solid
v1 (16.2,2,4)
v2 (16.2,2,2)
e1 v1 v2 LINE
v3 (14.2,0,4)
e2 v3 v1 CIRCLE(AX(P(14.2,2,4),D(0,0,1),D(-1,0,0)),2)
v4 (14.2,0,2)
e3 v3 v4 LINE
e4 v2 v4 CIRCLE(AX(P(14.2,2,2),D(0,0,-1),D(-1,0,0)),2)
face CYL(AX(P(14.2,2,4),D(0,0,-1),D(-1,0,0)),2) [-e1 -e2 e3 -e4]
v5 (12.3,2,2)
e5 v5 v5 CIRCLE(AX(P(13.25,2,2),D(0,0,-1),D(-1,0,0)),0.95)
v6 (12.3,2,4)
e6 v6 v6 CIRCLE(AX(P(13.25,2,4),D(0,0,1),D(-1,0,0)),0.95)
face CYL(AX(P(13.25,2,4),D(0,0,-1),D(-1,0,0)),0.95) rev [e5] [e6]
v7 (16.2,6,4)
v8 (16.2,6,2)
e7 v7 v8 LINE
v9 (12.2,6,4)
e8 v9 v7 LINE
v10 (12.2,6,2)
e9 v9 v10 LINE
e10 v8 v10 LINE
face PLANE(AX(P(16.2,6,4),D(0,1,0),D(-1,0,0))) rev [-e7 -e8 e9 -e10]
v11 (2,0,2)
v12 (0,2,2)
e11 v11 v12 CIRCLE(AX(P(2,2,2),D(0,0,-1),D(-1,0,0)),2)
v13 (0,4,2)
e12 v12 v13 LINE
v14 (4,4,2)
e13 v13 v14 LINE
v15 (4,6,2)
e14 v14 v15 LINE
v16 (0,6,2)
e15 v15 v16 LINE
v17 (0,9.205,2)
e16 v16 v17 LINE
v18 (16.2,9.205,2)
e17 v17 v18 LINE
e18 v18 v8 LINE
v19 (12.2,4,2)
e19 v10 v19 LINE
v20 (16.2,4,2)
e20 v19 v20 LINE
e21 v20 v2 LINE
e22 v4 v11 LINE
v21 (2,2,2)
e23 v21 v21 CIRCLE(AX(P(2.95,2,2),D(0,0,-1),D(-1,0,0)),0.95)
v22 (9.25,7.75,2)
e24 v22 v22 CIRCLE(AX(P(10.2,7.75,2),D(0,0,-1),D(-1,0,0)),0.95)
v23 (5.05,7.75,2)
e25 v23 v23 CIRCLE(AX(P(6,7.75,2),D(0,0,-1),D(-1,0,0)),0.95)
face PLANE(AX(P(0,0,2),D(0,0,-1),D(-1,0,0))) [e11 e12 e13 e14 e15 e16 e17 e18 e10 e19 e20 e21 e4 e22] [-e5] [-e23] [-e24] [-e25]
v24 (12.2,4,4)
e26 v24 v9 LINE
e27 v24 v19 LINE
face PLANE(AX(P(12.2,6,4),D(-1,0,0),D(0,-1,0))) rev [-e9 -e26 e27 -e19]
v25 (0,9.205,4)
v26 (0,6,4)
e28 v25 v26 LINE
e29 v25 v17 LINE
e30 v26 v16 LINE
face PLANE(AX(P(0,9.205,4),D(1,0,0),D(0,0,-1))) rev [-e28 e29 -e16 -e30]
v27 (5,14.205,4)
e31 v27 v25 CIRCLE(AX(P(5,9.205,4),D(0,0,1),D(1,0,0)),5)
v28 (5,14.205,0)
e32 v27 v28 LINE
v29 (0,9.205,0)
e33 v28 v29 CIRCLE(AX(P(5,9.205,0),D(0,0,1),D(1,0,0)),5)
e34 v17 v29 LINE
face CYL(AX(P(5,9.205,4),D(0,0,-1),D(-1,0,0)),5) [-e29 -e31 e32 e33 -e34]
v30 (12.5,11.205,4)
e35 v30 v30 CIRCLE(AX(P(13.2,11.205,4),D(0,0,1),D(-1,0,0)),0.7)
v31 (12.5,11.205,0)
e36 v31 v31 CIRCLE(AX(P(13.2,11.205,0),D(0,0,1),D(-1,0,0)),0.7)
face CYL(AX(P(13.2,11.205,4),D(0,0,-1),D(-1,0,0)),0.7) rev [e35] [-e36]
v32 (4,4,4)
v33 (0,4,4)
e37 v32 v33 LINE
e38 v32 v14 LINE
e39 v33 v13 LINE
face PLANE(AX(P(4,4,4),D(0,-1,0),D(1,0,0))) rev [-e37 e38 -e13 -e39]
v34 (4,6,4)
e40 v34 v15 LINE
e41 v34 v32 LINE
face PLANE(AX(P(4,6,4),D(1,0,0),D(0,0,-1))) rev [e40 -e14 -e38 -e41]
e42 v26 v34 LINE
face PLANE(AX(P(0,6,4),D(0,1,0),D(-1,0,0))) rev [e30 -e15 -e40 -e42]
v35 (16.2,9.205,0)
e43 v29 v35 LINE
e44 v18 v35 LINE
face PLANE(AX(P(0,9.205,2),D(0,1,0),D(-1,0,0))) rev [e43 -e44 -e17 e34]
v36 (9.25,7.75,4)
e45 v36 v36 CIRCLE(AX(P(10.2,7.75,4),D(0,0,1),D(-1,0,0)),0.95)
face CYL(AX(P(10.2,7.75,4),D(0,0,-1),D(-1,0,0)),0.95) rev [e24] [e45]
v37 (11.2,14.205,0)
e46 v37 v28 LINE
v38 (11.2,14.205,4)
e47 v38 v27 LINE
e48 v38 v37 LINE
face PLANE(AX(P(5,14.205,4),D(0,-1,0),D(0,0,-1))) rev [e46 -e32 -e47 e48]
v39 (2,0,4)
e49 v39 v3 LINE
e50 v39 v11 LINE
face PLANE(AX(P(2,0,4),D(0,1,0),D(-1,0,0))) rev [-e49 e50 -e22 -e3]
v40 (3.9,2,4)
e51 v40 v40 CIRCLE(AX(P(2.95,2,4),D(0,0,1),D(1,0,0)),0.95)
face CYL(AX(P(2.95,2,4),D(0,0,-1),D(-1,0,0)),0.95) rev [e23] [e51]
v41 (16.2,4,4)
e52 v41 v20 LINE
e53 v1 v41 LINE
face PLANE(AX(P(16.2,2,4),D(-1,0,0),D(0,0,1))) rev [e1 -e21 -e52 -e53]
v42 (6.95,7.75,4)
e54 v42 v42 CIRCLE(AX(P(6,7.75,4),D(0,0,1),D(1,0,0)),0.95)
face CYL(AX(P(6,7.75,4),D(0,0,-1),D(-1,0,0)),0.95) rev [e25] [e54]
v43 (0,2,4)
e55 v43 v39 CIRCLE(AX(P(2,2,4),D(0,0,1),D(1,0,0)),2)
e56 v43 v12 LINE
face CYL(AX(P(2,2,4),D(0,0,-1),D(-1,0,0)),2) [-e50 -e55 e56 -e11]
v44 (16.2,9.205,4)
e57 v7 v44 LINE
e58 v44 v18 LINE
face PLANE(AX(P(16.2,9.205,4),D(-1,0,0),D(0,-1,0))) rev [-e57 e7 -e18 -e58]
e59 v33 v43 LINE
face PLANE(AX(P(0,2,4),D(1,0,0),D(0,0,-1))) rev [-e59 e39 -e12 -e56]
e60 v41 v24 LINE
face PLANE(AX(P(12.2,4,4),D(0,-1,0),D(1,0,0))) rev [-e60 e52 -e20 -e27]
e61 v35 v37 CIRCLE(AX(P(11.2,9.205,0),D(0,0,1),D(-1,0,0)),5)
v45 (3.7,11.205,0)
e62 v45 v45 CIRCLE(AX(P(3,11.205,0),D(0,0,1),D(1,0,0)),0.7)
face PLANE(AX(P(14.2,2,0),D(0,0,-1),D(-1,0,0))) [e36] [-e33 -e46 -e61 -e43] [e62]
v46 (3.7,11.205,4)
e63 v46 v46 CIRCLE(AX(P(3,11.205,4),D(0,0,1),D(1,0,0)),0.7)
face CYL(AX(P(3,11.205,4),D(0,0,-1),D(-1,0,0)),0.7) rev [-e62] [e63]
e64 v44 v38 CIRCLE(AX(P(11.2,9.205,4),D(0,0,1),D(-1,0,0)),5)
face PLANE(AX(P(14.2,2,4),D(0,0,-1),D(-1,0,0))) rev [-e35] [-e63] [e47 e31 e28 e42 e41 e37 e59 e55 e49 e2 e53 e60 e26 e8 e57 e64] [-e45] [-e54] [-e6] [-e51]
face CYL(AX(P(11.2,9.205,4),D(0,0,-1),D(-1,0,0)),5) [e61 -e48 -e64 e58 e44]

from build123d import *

# Parameters (mm, degrees)
SKETCH1_R           = 0.95
SKETCH1_R_2         = 0.7
BOSS_EXTRUDE1_DEPTH = 4
SKETCH2_W           = 16.2
SKETCH2_H           = 9.205
CUT_EXTRUDE1_DEPTH  = 2


with BuildPart() as part:
    # Sketch1 → Boss-Extrude1 (new body)
    with BuildSketch(Plane.XY):
        with BuildLine():
            Line((12.2, 4), (16.2, 4))
            Line((16.2, 4), (16.2, 2))
            ThreePointArc((16.2, 2), (15.614213562, 0.585786438), (14.2, 0))
            Line((14.2, 0), (2, 0))
            ThreePointArc((2, 0), (0.585786438, 0.585786438), (0, 2))
            Line((0, 2), (0, 4))
            Line((0, 4), (4, 4))
            Line((4, 4), (4, 6))
            Line((4, 6), (0, 6))
            Line((0, 6), (0, 9.205))
            ThreePointArc((0, 9.205), (1.464466094, 12.740533906), (5, 14.205))
            Line((5, 14.205), (11.2, 14.205))
            ThreePointArc((11.2, 14.205), (14.735533906, 12.740533906), (16.2, 9.205))
            Line((16.2, 9.205), (16.2, 6))
            Line((16.2, 6), (12.2, 6))
            Line((12.2, 6), (12.2, 4))
        make_face()
        with Locations((13.25, 2)):
            Circle(SKETCH1_R, mode=Mode.SUBTRACT)
        with Locations((13.2, 11.205)):
            Circle(SKETCH1_R_2, mode=Mode.SUBTRACT)
        with Locations((10.2, 7.75)):
            Circle(SKETCH1_R, mode=Mode.SUBTRACT)
        with Locations((6, 7.75)):
            Circle(SKETCH1_R, mode=Mode.SUBTRACT)
        with Locations((3, 11.205)):
            Circle(SKETCH1_R_2, mode=Mode.SUBTRACT)
        with Locations((2.95, 2)):
            Circle(SKETCH1_R, mode=Mode.SUBTRACT)
    extrude(amount=BOSS_EXTRUDE1_DEPTH)

    # Sketch2 → Cut-Extrude1 (cut)
    with BuildSketch(Plane(origin=(0, 0, 0), x_dir=(-1, 0, 0), z_dir=(0, 0, -1))):
        with Locations((-8.1, 4.6025)):
            Rectangle(SKETCH2_W, SKETCH2_H)
    extrude(amount=-CUT_EXTRUDE1_DEPTH, mode=Mode.SUBTRACT)


solid = part.part
